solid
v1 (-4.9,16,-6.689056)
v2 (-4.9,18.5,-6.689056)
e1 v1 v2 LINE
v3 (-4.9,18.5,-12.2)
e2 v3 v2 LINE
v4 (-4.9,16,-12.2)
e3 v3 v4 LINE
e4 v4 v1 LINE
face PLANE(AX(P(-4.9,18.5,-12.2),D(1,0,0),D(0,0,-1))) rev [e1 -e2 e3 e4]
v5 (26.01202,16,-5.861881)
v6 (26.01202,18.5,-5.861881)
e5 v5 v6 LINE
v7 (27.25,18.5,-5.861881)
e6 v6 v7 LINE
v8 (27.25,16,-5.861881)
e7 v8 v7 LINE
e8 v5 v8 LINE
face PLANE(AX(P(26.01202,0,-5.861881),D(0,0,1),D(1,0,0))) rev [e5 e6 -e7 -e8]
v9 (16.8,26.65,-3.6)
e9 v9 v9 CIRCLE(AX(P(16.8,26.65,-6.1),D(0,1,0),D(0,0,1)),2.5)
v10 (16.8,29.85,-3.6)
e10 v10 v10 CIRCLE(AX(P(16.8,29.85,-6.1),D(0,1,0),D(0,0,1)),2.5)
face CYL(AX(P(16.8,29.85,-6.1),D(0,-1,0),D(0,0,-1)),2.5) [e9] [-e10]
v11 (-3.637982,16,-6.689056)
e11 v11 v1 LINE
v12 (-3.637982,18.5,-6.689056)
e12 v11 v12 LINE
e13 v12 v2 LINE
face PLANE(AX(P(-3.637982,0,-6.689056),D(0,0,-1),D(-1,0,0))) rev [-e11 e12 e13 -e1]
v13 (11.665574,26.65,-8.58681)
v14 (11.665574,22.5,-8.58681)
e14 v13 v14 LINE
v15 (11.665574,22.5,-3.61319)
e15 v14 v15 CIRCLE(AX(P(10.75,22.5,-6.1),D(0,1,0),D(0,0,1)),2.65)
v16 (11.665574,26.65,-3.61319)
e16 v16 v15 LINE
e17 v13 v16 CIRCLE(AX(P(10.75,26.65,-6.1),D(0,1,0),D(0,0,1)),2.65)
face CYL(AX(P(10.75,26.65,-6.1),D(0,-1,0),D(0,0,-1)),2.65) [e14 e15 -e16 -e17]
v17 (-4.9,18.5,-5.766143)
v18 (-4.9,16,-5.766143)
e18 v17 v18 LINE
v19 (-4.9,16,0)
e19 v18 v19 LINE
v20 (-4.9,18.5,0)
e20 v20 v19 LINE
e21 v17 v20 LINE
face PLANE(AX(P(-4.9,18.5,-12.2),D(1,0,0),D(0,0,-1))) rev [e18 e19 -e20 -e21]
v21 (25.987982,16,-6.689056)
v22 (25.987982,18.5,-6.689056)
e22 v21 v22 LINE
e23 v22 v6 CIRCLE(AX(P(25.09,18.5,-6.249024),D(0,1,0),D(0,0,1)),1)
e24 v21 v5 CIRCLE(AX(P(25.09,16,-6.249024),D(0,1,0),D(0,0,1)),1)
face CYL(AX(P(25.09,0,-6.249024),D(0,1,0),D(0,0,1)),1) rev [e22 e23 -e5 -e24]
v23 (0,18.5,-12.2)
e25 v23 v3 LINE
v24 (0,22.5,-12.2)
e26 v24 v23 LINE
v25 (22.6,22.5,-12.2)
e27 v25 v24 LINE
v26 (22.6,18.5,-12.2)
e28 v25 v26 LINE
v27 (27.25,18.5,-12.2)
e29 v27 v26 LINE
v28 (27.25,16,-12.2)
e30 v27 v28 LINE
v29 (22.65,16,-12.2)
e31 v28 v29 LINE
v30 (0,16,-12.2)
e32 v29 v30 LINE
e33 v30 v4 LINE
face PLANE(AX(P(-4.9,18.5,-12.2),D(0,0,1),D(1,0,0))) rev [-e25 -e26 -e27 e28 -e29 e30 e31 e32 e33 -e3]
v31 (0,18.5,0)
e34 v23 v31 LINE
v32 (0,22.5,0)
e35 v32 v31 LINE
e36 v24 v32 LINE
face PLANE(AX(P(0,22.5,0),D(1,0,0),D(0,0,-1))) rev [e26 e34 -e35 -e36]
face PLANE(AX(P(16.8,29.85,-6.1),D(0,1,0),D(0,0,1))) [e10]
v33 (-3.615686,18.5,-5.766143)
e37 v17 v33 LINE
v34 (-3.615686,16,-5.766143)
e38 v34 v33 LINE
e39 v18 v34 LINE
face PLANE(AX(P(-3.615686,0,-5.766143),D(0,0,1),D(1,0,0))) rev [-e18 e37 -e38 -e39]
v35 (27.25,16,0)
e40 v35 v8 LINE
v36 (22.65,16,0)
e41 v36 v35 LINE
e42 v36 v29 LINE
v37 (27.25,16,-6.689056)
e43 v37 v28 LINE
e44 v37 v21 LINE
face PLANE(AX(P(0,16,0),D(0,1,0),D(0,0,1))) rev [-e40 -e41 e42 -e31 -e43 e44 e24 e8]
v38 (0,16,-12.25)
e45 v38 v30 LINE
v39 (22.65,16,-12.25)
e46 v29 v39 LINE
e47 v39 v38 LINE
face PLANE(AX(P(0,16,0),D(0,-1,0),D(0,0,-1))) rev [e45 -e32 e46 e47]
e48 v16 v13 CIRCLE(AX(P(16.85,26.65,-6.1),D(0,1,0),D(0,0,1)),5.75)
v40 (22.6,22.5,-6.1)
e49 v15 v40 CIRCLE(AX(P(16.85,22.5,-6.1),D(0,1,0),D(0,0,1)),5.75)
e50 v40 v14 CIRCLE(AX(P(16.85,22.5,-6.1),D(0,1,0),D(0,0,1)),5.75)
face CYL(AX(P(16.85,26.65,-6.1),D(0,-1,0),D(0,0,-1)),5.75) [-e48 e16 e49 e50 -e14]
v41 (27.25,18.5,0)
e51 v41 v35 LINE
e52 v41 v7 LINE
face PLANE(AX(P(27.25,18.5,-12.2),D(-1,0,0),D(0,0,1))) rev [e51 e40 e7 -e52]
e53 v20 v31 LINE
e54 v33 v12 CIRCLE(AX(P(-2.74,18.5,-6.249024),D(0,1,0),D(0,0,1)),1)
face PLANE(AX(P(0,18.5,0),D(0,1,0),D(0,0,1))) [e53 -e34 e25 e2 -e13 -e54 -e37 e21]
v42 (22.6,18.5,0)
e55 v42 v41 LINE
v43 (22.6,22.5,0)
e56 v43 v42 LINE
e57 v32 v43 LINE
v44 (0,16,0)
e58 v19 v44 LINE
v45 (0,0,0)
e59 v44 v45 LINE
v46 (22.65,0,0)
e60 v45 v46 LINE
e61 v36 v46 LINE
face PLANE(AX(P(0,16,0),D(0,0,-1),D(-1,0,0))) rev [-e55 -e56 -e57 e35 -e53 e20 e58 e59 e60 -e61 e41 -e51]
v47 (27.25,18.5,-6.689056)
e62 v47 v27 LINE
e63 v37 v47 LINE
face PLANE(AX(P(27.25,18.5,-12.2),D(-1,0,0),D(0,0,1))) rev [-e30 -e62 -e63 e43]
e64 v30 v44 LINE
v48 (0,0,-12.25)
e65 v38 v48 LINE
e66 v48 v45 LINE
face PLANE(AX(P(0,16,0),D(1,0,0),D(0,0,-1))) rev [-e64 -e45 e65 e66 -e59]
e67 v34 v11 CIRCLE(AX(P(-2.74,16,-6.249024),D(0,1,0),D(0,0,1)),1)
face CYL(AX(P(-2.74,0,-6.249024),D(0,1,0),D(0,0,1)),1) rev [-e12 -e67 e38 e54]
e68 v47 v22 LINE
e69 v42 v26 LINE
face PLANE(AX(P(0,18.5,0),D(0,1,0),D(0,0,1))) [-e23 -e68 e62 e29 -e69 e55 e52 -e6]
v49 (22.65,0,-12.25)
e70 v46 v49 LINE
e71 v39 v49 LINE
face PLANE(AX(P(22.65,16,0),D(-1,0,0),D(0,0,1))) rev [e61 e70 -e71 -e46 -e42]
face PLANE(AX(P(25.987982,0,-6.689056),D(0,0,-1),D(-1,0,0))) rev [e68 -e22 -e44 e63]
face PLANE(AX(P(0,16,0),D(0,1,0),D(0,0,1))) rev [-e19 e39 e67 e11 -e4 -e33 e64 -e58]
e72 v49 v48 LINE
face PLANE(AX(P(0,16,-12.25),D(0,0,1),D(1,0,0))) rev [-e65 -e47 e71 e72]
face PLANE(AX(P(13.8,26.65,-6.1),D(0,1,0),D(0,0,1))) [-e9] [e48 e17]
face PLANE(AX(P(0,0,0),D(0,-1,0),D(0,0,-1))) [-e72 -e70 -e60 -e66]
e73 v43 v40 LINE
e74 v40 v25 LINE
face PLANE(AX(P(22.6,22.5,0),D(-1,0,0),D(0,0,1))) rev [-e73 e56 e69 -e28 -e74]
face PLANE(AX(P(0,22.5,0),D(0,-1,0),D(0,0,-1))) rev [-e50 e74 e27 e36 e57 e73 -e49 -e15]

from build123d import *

# Parameters (mm, degrees)
SKETCH1_W           = 22.65
SKETCH1_H           = 12.25
BOSS_EXTRUDE1_DEPTH = 16
SKETCH2_W           = 32.15
SKETCH2_H           = 12.2
BOSS_EXTRUDE2_DEPTH = 2.5
SKETCH3_W           = 22.6
SKETCH3_H           = 12.2
BOSS_EXTRUDE3_DEPTH = 4
BOSS_EXTRUDE4_DEPTH = 4.15
SKETCH5_R           = 2.5
BOSS_EXTRUDE5_DEPTH = 3.2
CUT_EXTRUDE1_DEPTH  = 19.5


with BuildPart() as part:
    # Sketch1 → Boss-Extrude1 (new body)
    with BuildSketch(Plane(origin=(0, 0, 0), x_dir=(1, 0, 0), z_dir=(0, 1, 0))):
        with Locations((11.325, 6.125)):
            Rectangle(SKETCH1_W, SKETCH1_H)
    extrude(amount=BOSS_EXTRUDE1_DEPTH)

    # Sketch2 → Boss-Extrude2 (add)
    with BuildSketch(Plane(origin=(0, 16, 0), x_dir=(1, 0, 0), z_dir=(0, 1, 0))):
        with Locations((11.175, 6.1)):
            Rectangle(SKETCH2_W, SKETCH2_H)
    extrude(amount=BOSS_EXTRUDE2_DEPTH)

    # Sketch3 → Boss-Extrude3 (add)
    with BuildSketch(Plane(origin=(0, 18.5, 0), x_dir=(1, 0, 0), z_dir=(0, 1, 0))):
        with Locations((11.3, 6.1)):
            Rectangle(SKETCH3_W, SKETCH3_H)
    extrude(amount=BOSS_EXTRUDE3_DEPTH)

    # Sketch4 → Boss-Extrude4 (add)
    with BuildSketch(Plane(origin=(0, 22.5, 0), x_dir=(1, 0, 0), z_dir=(0, 1, 0))):
        with BuildLine():
            ThreePointArc((11.66557377, 3.61318986), (22.6, 6.1), (11.66557377, 8.58681014))
            ThreePointArc((11.66557377, 8.58681014), (8.1, 6.1), (11.66557377, 3.61318986))
        make_face()
    extrude(amount=BOSS_EXTRUDE4_DEPTH)

    # Sketch5 → Boss-Extrude5 (add)
    with BuildSketch(Plane(origin=(0, 26.65, 0), x_dir=(1, 0, 0), z_dir=(0, 1, 0))):
        with Locations((16.8, 6.1)):
            Circle(SKETCH5_R)
    extrude(amount=BOSS_EXTRUDE5_DEPTH)

    # Sketch6 → Cut-Extrude1 (cut, through all)
    with BuildSketch(Plane(origin=(0, 18.5, 0), x_dir=(1, 0, 0), z_dir=(0, 1, 0))):
        with BuildLine():
            Line((-3.615686095, 5.766143081), (-4.9, 5.766143081))
            Line((-4.9, 5.766143081), (-4.9, 6.689056169))
            Line((-4.9, 6.689056169), (-3.63798195, 6.689056169))
            ThreePointArc((-3.63798195, 6.689056169), (-1.74029168, 6.273174961), (-3.615686095, 5.766143081))
        make_face()
        with BuildLine():
            Line((26.012019834, 5.861881235), (27.25, 5.861881235))
            Line((27.25, 5.861881235), (27.25, 6.689056169))
            Line((27.25, 6.689056169), (25.98798195, 6.689056169))
            ThreePointArc((25.98798195, 6.689056169), (24.090421981, 6.219975921), (26.012019834, 5.861881235))
        make_face()
    extrude(amount=-CUT_EXTRUDE1_DEPTH, mode=Mode.SUBTRACT)


solid = part.part
